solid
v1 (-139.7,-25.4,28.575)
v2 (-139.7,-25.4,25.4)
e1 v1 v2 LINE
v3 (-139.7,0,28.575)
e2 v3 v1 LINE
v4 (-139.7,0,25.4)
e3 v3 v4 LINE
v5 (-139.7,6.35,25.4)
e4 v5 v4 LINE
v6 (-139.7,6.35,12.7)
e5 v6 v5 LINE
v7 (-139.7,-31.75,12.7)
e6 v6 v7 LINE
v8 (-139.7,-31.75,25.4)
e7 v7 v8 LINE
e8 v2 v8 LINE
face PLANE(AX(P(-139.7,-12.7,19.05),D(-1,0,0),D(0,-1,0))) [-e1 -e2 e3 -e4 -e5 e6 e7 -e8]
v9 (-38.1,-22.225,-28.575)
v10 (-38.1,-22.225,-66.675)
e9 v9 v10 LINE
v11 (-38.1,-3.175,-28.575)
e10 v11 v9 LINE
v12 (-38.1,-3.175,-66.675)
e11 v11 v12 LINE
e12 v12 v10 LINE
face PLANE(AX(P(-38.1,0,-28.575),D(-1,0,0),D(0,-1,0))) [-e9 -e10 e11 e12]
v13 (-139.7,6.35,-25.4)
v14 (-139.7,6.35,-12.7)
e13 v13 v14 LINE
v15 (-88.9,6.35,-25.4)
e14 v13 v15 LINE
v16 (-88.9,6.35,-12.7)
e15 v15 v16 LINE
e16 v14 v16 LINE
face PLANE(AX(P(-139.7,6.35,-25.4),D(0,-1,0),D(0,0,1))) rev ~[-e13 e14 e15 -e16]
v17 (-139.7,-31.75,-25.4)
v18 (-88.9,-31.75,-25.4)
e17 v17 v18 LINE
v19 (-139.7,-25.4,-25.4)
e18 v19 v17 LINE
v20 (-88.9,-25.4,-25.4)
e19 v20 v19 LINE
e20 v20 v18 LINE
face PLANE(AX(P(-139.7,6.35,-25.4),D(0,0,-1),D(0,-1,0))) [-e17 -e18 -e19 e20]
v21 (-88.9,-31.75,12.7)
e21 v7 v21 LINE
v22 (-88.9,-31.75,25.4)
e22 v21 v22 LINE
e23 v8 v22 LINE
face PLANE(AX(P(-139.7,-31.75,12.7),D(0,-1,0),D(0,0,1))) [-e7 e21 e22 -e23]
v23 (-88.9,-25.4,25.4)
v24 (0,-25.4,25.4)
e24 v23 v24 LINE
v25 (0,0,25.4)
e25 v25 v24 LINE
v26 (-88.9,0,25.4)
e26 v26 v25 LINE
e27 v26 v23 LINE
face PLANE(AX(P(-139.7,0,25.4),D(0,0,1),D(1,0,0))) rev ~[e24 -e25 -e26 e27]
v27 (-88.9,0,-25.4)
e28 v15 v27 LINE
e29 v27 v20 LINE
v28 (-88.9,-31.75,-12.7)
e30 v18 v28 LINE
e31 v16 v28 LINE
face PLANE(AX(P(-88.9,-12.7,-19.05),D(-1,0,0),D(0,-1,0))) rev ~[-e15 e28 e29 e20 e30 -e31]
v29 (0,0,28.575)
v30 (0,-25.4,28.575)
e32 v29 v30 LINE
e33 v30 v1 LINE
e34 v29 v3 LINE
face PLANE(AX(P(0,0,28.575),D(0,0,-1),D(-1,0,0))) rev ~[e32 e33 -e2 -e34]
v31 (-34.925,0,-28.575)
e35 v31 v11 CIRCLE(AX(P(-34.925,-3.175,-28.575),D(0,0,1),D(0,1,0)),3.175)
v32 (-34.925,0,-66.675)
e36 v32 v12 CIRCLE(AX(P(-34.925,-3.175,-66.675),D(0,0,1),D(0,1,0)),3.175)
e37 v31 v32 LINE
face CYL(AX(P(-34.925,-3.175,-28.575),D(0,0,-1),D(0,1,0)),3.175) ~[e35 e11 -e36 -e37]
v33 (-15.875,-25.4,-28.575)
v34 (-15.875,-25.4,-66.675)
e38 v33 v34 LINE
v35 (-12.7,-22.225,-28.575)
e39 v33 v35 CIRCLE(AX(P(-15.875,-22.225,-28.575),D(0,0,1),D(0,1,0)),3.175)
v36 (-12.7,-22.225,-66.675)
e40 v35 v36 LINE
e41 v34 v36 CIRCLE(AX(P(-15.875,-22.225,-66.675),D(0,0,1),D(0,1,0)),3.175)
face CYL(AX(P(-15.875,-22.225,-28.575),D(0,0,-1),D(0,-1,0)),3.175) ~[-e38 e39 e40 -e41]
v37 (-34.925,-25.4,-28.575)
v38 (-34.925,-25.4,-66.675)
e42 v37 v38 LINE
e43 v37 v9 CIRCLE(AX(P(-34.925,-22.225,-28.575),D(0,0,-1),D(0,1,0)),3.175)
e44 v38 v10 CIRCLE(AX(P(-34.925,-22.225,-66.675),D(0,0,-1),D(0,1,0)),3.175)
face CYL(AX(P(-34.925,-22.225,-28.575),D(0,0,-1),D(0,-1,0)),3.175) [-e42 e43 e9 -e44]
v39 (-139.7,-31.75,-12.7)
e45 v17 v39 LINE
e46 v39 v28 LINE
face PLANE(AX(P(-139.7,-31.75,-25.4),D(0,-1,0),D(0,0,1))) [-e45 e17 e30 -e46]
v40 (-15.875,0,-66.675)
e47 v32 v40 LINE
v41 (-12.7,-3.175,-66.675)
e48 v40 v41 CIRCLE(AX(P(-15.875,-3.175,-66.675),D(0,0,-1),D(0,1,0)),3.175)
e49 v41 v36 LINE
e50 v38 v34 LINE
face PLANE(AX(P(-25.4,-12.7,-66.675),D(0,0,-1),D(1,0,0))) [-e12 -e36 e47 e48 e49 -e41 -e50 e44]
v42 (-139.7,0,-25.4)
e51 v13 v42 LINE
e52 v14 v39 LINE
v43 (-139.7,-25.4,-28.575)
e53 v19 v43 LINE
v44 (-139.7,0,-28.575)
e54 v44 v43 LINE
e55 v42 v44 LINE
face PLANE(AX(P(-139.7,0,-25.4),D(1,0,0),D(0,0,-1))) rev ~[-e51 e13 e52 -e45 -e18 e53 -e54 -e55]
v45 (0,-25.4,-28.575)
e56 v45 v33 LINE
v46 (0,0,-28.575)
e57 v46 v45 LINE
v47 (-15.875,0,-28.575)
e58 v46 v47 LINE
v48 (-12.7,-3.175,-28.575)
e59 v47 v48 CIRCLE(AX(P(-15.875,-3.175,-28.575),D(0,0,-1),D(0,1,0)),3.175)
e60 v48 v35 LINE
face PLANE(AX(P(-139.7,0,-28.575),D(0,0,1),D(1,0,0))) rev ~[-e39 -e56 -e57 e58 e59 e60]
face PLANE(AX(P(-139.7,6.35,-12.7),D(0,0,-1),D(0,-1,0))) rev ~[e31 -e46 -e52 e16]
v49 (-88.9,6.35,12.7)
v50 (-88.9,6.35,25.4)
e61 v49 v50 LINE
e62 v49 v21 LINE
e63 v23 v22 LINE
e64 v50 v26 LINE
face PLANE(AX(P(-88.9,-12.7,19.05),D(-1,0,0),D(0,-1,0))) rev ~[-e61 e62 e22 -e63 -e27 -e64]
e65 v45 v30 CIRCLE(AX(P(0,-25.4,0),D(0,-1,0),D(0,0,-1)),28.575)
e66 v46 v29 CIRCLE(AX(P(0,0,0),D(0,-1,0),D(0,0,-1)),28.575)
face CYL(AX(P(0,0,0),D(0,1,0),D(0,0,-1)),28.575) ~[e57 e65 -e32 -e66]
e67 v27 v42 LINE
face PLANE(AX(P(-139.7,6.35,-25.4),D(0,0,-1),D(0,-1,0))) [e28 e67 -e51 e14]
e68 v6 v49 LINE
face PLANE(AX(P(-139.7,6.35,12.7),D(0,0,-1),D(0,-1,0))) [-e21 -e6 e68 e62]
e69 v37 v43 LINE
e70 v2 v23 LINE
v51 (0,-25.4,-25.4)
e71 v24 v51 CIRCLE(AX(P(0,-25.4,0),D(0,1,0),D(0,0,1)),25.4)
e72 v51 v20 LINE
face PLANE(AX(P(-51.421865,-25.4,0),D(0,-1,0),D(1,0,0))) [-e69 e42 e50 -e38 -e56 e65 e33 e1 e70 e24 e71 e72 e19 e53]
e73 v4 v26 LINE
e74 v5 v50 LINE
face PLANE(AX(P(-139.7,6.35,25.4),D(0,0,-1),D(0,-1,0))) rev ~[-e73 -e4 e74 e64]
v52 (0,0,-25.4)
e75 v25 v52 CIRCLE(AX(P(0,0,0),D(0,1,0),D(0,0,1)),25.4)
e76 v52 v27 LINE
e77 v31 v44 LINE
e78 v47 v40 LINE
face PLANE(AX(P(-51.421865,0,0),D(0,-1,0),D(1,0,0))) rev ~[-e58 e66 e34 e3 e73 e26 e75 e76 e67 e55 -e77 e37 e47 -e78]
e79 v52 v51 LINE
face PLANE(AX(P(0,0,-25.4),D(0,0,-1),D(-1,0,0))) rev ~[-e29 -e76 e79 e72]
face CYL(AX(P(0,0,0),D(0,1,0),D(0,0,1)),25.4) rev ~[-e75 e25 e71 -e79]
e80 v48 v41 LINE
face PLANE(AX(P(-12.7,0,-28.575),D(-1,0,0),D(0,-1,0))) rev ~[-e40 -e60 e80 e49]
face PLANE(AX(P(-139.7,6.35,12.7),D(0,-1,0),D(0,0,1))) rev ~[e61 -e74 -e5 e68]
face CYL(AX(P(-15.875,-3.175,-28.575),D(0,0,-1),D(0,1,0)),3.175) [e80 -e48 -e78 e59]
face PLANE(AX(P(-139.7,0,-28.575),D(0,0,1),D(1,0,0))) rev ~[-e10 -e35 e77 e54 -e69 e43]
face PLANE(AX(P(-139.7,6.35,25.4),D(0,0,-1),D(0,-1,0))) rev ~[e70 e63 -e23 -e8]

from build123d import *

# Parameters (mm, degrees)
F1_DEPTH = 25.4
F2_W     = 38.1
F2_H     = 12.7
F3_DEPTH = 50.8
F4_W     = 25.4
F4_H     = 25.4
F5_DEPTH = 38.1
F6_R     = 3.175


with BuildPart() as f1:
    # F0 (on Front) → F1 (new body)
    with BuildSketch(Plane.XZ):
        with BuildLine():
            ThreePointArc((0, 25.4), (25.4, 0), (0, -25.4))
            Line((0, -25.4), (-139.7, -25.4))
            Line((-139.7, -25.4), (-139.7, -28.575))
            Line((-139.7, -28.575), (0, -28.575))
            ThreePointArc((0, -28.575), (28.575, 0), (0, 28.575))
            Line((0, 28.575), (-139.7, 28.575))
            Line((-139.7, 28.575), (-139.7, 25.4))
            Line((-139.7, 25.4), (0, 25.4))
        make_face()
    extrude(amount=F1_DEPTH)

    # F2 (on face) → F3 (join)
    with BuildSketch(Plane(origin=(-139.7, 0, 0), x_dir=(0, -1, 0), z_dir=(-1, 0, 0))):
        with Locations((12.7, 19.05)):
            Rectangle(F2_W, F2_H)
        with Locations((12.7, -19.05)):
            Rectangle(F2_W, F2_H)
    extrude(amount=-F3_DEPTH)

    # F4 (on face) → F5 (join)
    with BuildSketch(Plane(origin=(0, 0, -28.575), x_dir=(1, 0, 0), z_dir=(0, 0, -1))):
        with Locations((-25.4, 12.7)):
            Rectangle(F4_W, F4_H)
    extrude(amount=F5_DEPTH)

    # F6
    f6_edges = [f1.edges().sort_by_distance(p)[0] for p in [
        (-38.1, -25.4, -47.625),
        (-38.1, 0, -47.625),
        (-12.7, -25.4, -47.625),
        (-12.7, 0, -47.625),
    ]]
    fillet(f6_edges, radius=F6_R)


solid = f1.part
